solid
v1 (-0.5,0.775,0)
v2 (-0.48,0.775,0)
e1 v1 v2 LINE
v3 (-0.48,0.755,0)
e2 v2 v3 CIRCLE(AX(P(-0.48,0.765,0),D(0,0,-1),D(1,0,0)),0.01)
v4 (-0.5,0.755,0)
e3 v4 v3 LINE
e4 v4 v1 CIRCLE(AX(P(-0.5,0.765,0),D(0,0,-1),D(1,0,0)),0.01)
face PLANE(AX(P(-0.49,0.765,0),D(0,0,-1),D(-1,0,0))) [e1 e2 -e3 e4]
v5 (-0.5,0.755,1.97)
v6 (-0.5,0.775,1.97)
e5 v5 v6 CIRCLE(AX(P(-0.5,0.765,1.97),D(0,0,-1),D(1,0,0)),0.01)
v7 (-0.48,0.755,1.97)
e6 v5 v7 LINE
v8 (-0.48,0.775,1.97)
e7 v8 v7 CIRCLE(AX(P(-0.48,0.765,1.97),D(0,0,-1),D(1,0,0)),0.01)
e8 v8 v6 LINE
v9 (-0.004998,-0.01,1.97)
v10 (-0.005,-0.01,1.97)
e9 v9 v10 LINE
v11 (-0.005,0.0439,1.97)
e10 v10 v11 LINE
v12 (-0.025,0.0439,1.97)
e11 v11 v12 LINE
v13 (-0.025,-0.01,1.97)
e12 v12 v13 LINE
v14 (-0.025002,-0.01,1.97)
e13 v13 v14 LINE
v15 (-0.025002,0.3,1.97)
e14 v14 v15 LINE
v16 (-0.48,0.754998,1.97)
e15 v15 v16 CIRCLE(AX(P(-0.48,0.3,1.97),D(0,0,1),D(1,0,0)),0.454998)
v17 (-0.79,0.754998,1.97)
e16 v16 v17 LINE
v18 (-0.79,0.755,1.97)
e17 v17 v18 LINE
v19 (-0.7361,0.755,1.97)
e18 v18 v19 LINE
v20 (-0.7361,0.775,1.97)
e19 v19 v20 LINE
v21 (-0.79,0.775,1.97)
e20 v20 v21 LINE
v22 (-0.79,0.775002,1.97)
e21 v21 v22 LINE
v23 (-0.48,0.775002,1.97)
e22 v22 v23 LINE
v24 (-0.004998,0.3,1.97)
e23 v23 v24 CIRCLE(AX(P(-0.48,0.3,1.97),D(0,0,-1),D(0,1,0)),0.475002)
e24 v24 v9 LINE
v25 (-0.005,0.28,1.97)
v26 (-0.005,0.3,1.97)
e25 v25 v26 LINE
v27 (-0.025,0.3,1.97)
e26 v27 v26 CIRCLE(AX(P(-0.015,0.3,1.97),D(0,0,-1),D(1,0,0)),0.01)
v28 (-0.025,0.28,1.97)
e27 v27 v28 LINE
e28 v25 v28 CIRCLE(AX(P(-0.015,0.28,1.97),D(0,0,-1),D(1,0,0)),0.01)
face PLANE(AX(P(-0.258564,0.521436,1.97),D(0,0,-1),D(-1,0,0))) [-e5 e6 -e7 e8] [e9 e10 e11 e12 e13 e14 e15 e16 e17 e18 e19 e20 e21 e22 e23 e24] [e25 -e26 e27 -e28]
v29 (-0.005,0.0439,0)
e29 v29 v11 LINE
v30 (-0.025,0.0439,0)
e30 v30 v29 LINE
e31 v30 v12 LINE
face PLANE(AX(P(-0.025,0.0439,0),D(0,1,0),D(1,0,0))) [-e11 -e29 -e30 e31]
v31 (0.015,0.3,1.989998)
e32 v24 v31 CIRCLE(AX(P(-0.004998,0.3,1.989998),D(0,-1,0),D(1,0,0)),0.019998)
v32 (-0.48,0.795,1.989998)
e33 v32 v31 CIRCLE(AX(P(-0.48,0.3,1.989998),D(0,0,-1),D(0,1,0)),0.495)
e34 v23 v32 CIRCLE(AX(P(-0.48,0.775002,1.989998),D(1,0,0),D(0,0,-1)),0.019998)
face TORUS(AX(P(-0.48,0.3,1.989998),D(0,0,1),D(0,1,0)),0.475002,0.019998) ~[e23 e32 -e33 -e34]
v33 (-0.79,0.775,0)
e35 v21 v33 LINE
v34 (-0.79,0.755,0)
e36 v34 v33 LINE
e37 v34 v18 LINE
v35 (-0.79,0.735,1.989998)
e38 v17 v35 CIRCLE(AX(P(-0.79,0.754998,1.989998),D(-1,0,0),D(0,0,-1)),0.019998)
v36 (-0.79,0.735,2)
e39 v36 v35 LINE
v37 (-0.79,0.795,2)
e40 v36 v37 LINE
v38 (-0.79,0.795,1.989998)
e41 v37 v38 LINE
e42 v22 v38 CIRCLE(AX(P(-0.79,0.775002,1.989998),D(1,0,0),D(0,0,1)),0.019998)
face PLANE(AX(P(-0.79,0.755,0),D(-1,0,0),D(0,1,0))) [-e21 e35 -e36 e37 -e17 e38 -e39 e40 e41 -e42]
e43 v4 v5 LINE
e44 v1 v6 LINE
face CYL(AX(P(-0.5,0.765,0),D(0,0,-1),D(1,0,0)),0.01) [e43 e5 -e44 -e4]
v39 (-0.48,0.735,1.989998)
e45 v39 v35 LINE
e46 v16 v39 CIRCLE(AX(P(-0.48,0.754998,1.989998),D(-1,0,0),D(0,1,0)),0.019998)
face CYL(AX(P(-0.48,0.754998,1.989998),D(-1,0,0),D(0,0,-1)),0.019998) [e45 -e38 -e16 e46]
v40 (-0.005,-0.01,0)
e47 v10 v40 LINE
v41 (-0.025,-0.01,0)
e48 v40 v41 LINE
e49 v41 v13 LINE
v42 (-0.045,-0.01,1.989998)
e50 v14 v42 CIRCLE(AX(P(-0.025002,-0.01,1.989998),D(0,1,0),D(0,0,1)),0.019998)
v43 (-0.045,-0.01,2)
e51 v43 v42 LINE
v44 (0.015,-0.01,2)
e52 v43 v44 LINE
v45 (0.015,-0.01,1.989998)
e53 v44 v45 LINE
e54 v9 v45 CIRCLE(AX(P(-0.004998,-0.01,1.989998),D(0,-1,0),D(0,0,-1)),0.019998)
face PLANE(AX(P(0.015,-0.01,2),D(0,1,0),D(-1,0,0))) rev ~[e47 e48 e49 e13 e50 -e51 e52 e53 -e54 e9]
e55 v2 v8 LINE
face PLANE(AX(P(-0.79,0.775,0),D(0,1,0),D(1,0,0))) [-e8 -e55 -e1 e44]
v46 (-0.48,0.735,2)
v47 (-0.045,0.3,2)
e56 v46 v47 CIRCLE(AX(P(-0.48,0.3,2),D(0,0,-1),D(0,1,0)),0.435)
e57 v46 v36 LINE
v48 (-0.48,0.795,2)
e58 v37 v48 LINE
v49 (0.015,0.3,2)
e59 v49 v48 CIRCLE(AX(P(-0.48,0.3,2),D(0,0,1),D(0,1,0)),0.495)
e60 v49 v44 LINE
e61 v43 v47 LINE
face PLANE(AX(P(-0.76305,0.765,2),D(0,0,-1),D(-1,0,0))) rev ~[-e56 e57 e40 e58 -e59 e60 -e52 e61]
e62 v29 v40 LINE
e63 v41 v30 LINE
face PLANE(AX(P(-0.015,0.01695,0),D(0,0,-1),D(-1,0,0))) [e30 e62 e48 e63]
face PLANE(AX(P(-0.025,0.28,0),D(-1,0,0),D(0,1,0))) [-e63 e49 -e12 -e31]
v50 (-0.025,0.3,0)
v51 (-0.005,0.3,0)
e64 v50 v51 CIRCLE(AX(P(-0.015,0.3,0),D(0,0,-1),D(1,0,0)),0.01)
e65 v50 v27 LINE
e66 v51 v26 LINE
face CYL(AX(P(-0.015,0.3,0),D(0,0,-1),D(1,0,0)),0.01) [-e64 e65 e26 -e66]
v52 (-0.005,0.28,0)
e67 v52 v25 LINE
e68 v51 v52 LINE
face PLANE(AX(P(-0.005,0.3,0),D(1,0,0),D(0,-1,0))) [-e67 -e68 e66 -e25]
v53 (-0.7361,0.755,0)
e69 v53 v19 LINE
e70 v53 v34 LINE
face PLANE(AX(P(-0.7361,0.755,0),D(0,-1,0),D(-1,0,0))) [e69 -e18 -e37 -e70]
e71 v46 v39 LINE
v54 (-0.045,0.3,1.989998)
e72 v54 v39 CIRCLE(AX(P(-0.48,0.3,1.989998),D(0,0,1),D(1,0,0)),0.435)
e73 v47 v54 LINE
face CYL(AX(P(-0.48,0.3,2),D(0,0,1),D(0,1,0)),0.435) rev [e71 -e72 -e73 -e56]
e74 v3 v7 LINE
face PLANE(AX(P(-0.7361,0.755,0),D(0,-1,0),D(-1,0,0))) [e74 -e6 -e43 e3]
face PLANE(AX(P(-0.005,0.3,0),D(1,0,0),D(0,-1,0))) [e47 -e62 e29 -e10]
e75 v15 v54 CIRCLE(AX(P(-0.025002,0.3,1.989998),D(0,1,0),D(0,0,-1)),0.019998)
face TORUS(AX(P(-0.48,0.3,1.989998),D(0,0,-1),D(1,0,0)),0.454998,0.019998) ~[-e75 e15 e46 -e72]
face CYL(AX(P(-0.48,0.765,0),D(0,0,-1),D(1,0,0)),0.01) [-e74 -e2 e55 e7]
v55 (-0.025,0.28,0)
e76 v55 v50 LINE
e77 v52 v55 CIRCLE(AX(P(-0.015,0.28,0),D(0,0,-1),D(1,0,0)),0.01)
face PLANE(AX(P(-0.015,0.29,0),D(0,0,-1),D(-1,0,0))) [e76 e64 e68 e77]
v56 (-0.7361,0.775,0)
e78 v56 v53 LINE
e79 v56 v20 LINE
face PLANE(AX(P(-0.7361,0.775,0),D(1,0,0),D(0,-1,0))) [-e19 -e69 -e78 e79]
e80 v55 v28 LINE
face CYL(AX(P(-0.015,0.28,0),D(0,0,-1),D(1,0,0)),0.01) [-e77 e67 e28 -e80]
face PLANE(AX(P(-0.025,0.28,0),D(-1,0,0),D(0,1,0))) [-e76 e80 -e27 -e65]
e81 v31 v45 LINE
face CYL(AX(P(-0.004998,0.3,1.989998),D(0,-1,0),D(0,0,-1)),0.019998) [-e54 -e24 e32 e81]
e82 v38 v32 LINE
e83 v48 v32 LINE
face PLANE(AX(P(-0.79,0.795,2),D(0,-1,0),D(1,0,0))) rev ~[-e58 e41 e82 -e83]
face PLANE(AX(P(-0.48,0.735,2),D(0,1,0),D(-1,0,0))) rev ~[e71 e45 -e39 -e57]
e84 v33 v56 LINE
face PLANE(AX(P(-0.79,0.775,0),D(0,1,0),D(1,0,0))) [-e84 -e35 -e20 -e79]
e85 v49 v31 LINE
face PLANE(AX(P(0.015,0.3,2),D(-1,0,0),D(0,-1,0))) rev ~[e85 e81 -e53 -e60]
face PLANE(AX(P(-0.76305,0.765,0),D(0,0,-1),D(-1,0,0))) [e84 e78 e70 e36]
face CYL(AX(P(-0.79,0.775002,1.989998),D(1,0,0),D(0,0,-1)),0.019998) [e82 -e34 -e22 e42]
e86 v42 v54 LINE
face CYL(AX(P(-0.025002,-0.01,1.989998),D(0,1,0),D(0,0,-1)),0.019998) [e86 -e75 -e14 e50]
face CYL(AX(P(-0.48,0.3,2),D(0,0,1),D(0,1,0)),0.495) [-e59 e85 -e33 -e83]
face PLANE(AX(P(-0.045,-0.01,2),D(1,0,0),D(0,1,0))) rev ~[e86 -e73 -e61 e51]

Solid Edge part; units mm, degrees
sketch "Sketch1" plane through (0, 0, 0) normal (0, 0, 1) x (1, 0, 0)
  line L0 (-0.5, 0.775) -> (-0.48, 0.775)
  line L1 (-0.5, 0.755) -> (-0.48, 0.755)
  arc A0 (-0.5, 0.755) -> (-0.5, 0.775) centre (-0.5, 0.765) cw
  arc A1 (-0.48, 0.775) -> (-0.48, 0.755) centre (-0.48, 0.765) cw
  line L2 (-0.005, -0.01) -> (-0.025, -0.01)
  line L3 (-0.025, -0.01) -> (-0.025, 0.0439)
  line L4 (-0.025, 0.0439) -> (-0.005, 0.0439)
  line L5 (-0.005, 0.0439) -> (-0.005, -0.01)
  line L6 (-0.005, 0.3) -> (-0.005, 0.28)
  line L7 (-0.025, 0.28) -> (-0.025, 0.3)
  arc A2 (-0.025, 0.3) -> (-0.005, 0.3) centre (-0.015, 0.3) cw
  arc A3 (-0.005, 0.28) -> (-0.025, 0.28) centre (-0.015, 0.28) cw
  line L8 (-0.79, 0.755) -> (-0.79, 0.775)
  line L9 (-0.79, 0.775) -> (-0.7361, 0.775)
  line L10 (-0.7361, 0.775) -> (-0.7361, 0.755)
  line L11 (-0.7361, 0.755) -> (-0.79, 0.755)
  dimension "D1" = 0.79
  dimension "D2" = 0.7361
  dimension "D3" = 0.015
extrude "Protrusion1" add sketch "Sketch1" along normal blind 2
sketch "Sketch2" plane through (-0.015, 0.0169, 2) normal (0, 0, 1) x (0, 1, 0)
  line L0 (-0.0269, 0.01) -> (0.2831, 0.01)
  line L1 (-0.0269, -0.01) -> (-0.0269, 0.01)
  line L2 (0.2831, -0.01) -> (-0.0269, -0.01)
  line L3 (0.7581, 0.775) -> (0.7581, 0.465)
  line L4 (0.7381, 0.775) -> (0.7581, 0.775)
  line L5 (0.7381, 0.465) -> (0.7381, 0.775)
  arc A0 (0.7381, 0.465) -> (0.2831, 0.01) centre (0.2831, 0.465) cw
  arc A1 (0.2831, -0.01) -> (0.7581, 0.465) centre (0.2831, 0.465) ccw
extrude "Ausprägung_4" add sketch "Sketch2" against normal blind 0.03
sketch "Sketch3" plane through (-0.3975, 0.3825, 2) normal (0, 0, 1) x (0, 1, 0)
  line L0 (0.4125, 0.3925) -> (0.4125, 0.0825)
  arc A0 (-0.0825, -0.4125) -> (0.4125, 0.0825) centre (-0.0825, 0.0825) ccw
  line L1 (-0.0825, -0.4125) -> (-0.3925, -0.4125)
  line L2 (-0.3925, -0.4125) -> (-0.3925, -0.3525)
  line L3 (-0.3925, -0.3525) -> (-0.0825, -0.3525)
  arc A1 (0.3525, 0.0825) -> (-0.0825, -0.3525) centre (-0.0825, 0.0825) cw
  line L4 (0.3525, 0.0825) -> (0.3525, 0.3925)
  line L5 (0.3525, 0.3925) -> (0.4125, 0.3925)
extrude "Protrusion2" add sketch "Sketch3" against normal up to surface (0.03 mm away)
fillet "Verrundung_1" radius 0.02 6 edges at (0.015, 0.145, 1.97) (-0.13, 0.65, 1.97) (-0.635, 0.795, 1.97) (-0.045, 0.145, 1.97) (-0.1724, 0.6076, 1.97) (-0.635, 0.735, 1.97)
